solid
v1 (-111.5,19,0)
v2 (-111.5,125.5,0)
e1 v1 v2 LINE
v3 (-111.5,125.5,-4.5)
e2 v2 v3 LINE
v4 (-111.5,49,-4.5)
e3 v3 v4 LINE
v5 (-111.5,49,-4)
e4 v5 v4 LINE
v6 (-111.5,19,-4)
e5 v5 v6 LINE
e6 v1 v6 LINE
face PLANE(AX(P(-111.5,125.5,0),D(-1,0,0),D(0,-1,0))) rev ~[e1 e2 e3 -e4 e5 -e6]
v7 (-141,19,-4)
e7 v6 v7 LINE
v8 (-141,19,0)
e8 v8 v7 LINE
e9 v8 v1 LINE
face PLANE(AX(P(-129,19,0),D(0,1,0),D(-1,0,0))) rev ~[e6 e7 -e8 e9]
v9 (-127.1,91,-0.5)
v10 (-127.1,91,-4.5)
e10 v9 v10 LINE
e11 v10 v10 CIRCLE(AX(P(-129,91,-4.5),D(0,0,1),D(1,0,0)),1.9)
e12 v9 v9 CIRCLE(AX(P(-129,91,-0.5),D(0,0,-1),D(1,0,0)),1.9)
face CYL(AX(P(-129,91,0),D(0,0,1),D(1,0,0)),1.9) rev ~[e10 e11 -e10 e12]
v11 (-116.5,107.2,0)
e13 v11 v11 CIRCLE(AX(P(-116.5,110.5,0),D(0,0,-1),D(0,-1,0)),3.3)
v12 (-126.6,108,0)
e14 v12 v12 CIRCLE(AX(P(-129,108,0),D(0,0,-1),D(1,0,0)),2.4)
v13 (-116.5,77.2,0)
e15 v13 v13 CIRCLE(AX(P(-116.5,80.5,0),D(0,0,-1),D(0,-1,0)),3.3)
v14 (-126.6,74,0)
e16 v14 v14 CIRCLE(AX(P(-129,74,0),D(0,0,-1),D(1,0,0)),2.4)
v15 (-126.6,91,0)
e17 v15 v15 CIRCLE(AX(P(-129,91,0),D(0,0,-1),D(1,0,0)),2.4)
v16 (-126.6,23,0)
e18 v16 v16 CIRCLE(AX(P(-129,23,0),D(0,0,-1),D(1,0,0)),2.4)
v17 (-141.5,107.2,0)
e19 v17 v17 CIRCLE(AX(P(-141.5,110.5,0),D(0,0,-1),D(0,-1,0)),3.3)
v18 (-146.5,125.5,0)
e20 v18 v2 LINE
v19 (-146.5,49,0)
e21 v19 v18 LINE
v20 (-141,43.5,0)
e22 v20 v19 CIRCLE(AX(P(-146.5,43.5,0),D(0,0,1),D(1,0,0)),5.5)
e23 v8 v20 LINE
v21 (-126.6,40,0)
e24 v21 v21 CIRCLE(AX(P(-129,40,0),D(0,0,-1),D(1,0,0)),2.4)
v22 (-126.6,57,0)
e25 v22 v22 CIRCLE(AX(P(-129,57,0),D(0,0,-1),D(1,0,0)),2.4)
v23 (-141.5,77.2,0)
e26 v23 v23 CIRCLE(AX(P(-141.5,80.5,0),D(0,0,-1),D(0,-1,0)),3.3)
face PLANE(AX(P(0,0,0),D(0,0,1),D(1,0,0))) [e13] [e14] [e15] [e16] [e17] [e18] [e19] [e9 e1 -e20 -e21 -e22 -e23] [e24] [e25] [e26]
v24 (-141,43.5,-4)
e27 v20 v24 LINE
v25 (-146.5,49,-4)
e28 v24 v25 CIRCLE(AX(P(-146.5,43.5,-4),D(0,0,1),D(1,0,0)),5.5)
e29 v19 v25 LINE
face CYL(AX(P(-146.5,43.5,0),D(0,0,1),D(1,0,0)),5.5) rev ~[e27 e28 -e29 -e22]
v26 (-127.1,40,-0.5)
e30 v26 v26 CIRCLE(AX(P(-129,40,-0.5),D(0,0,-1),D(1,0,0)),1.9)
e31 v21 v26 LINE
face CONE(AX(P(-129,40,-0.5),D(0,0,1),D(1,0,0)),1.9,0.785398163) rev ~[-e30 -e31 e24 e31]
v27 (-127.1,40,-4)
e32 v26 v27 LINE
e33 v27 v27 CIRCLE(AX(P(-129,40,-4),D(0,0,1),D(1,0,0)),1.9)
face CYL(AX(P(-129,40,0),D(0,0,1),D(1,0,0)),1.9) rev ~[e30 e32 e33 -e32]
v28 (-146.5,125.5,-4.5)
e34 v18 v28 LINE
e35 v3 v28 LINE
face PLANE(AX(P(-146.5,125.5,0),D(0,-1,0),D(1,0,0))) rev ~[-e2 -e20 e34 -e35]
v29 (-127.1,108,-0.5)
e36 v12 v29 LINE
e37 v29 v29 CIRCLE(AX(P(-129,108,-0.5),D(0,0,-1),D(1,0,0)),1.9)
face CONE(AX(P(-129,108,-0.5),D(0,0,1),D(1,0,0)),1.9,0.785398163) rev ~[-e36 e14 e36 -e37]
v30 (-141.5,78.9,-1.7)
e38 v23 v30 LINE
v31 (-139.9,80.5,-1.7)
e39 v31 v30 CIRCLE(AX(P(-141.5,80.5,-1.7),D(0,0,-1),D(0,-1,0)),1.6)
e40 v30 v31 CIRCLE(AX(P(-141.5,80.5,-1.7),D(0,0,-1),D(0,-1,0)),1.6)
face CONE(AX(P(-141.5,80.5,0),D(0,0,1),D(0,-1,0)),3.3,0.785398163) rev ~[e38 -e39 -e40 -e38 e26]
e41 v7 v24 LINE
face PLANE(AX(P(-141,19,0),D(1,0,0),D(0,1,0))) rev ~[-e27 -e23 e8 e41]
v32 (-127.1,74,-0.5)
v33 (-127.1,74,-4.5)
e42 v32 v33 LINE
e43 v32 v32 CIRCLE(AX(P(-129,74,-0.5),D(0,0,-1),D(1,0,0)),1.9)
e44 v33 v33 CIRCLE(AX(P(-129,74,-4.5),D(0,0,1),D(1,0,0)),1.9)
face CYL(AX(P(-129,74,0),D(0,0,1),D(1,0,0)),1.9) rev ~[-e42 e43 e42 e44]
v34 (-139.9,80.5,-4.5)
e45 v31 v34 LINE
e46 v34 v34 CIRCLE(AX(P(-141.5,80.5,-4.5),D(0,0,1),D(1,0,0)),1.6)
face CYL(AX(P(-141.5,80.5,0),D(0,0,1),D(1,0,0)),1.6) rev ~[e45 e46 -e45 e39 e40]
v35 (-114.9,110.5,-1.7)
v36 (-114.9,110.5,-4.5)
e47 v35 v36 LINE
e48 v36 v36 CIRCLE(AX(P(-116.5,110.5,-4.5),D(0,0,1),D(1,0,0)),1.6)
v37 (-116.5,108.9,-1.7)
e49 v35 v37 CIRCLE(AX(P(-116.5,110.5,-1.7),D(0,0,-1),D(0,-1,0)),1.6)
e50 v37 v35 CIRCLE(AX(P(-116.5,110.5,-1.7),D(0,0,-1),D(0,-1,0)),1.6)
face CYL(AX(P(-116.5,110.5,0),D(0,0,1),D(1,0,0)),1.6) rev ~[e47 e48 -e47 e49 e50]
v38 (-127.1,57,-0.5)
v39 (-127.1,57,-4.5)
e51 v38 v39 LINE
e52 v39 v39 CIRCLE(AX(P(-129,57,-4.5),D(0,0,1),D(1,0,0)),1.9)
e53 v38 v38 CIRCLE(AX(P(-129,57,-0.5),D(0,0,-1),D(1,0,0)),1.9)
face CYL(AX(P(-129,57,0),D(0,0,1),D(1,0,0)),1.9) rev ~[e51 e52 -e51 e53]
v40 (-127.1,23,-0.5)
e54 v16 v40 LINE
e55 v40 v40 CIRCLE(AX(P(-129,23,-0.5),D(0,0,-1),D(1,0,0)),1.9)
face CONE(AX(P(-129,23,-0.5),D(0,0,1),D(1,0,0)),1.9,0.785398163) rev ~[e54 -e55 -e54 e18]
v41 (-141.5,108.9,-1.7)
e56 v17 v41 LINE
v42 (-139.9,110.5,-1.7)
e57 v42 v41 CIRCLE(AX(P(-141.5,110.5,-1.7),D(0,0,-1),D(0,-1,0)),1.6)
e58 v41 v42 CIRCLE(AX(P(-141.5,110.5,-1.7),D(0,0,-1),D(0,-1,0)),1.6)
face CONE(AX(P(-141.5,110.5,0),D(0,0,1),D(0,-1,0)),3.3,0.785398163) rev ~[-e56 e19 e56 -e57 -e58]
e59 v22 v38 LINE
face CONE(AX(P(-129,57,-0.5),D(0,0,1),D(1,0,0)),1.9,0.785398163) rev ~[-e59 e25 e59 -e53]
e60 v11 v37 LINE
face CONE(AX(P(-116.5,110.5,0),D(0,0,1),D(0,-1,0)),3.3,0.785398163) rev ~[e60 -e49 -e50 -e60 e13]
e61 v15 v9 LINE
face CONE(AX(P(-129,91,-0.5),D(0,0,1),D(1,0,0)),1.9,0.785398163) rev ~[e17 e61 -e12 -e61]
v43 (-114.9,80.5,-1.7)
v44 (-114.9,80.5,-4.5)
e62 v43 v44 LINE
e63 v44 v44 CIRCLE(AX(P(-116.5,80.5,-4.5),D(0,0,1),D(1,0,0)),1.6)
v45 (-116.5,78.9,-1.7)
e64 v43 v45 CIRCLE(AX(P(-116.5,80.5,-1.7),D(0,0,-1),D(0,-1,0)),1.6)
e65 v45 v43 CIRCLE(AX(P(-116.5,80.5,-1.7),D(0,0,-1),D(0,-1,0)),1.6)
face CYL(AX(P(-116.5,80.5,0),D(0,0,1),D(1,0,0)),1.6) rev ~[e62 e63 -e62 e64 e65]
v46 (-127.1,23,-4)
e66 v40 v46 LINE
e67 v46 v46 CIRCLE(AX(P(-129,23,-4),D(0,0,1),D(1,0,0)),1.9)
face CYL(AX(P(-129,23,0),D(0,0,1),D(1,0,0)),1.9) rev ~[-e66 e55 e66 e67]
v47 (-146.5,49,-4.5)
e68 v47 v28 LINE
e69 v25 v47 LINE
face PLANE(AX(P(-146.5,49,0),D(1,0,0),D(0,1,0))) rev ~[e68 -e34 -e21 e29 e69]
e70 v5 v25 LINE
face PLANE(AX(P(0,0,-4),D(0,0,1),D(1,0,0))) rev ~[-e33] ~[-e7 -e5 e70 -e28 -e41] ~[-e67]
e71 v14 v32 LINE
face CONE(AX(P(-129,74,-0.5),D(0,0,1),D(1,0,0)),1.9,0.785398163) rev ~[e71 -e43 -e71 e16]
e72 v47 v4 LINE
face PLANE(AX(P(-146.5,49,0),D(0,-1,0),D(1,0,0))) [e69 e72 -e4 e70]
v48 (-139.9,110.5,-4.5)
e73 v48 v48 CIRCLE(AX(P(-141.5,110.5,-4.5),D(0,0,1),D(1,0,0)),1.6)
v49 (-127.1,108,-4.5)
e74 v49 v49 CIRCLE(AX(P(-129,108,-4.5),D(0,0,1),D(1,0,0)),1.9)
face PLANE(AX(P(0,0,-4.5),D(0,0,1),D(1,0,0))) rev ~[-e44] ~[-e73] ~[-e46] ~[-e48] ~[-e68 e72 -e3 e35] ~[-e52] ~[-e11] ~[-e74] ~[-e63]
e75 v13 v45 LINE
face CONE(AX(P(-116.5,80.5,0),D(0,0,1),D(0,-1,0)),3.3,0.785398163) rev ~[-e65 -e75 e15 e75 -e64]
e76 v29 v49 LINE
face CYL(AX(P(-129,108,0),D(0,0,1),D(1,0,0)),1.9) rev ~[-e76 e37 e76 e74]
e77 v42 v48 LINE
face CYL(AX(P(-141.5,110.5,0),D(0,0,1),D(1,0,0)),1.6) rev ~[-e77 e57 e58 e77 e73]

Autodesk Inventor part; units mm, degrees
ref_plane "YZ Plane" through (0, 0, 0) normal (1, 0, 0) x (0, 1, 0)
ref_plane "XZ Plane" through (0, 0, 0) normal (0, 1, 0) x (-1, 0, 0)
sketch "Sketch1" plane through (0, 0, 0) normal (0, 0, 1) x (1, 0, 0)
  line L0 (-146.5, 49) -> (-146.5, 125.5)
  line L1 (-146.5, 125.5) -> (-111.5, 125.5)
  line L2 (-111.5, 125.5) -> (-111.5, 19)
  line L3 (-111.5, 19) -> (-141, 19)
  line L4 (-141, 19) -> (-141, 43.5)
  arc A0 (-141, 43.5) -> (-146.5, 49) centre (-146.5, 43.5) ccw
  line L5 (-129, 13.9597) -> (-129, 176.9597)
  circle A1 centre (-129, 23) radius 1.9
  circle A2 centre (-129, 40) radius 1.9
  circle A3 centre (-129, 57) radius 1.9
  circle A4 centre (-129, 74) radius 1.9
  circle A5 centre (-129, 91) radius 1.9
  circle A6 centre (-129, 108) radius 1.9
  circle A7 centre (-141.5, 80.5) radius 3.3
  circle A8 centre (-141.5, 80.5) radius 1.6
  line L6 (-154.2414, 80.5) -> (-103.7586, 80.5) construction
  circle A9 centre (-141.5, 110.5) radius 1.6
  circle A10 centre (-141.5, 110.5) radius 3.3
  circle A11 centre (-116.5, 80.5) radius 3.3
  circle A12 centre (-116.5, 80.5) radius 1.6
  circle A13 centre (-116.5, 110.5) radius 1.6
  circle A14 centre (-116.5, 110.5) radius 3.3
  line L7 (-146.5, 49) -> (-111.5, 49)
  point P0 (0, 0)
  dimension "d0" = 5.5
  dimension "d1" = 76.5
  dimension "d2" = 35
  dimension "d3" = 106.5
  dimension "d5" = 17.5
  dimension "d6" = 3.8
  dimension "d9" = 17
  dimension "d14" = 85
  dimension "d15" = 4
  dimension "d16" = 6.6
  dimension "d17" = 3.2
  dimension "d20" = 30
  dimension "d25" = 30
  dimension "d53" = 5
  dimension "d54" = 15
extrude "Extrusion1" add sketch "Sketch1" against normal blind 4.5 contours L0 L1 L5 A6 A5 A4 A3 L7 | L5 A3 A4 A5 A6 L1 L2 L7 | A7 | A10 | A11 | A14
sketch "Sketch2" plane through (0, 0, 0) normal (0, 0, 1) x (1, 0, 0)
  circle A0 centre (-141.5, 80.5) radius 1.6 projected
  circle A1 centre (-141.5, 110.5) radius 1.6 projected
  circle A2 centre (-116.5, 110.5) radius 1.6 projected
  circle A3 centre (-116.5, 80.5) radius 1.6 projected
  point P0 (0, 0)
hole "Hole1" at (-141.5, 80.5, 0) at (-141.5, 110.5, 0) at (-116.5, 110.5, 0) at (-116.5, 80.5, 0) direction (0, 0, -1) diameter 3.2 end through all countersink diameter 6.6 countersink angle 90
extrude "Extrusion2" add sketch "Sketch1" against normal blind 4 contours L7 L5 A2 A1 L3 L4 A0 | L7 L2 L3 L5 A1 A2
chamfer "Chamfer1" distance 0.5 angle 45 6 edges at (-130.9, 108, 0) (-130.9, 91, 0) (-130.9, 74, 0) (-130.9, 57, 0) (-130.9, 40, 0) (-130.9, 23, 0) measured on face at (-117.6556, 51.1917, 0)
thread "Thread1" size "M4x0.7" class "6H" standard "ISO Metric profile" full length
thread "Thread2" size "M4x0.7" class "6H" standard "ANSI Metric M Profile" full length
thread "Thread3" size "M4x0.7" class "6H" standard "ANSI Metric M Profile" full length
thread "Thread4" size "M4x0.7" class "6H" standard "ANSI Metric M Profile" full length
thread "Thread5" size "M4x0.7" class "6H" standard "ANSI Metric M Profile" full length
thread "Thread6" size "M4x0.7" class "6H" standard "ANSI Metric M Profile" full length
ref_plane "Work Plane1" through (-129, 13.9597, 0) normal (1, 0, 0) x (0, 1, 0)
equation "\"d6\" = m4"
equation "\"m3\" = 2.8"
equation "\"m4\" = 3.8"
properties part number "АНЦП.014.00.00.005" material "PET Plastic"
